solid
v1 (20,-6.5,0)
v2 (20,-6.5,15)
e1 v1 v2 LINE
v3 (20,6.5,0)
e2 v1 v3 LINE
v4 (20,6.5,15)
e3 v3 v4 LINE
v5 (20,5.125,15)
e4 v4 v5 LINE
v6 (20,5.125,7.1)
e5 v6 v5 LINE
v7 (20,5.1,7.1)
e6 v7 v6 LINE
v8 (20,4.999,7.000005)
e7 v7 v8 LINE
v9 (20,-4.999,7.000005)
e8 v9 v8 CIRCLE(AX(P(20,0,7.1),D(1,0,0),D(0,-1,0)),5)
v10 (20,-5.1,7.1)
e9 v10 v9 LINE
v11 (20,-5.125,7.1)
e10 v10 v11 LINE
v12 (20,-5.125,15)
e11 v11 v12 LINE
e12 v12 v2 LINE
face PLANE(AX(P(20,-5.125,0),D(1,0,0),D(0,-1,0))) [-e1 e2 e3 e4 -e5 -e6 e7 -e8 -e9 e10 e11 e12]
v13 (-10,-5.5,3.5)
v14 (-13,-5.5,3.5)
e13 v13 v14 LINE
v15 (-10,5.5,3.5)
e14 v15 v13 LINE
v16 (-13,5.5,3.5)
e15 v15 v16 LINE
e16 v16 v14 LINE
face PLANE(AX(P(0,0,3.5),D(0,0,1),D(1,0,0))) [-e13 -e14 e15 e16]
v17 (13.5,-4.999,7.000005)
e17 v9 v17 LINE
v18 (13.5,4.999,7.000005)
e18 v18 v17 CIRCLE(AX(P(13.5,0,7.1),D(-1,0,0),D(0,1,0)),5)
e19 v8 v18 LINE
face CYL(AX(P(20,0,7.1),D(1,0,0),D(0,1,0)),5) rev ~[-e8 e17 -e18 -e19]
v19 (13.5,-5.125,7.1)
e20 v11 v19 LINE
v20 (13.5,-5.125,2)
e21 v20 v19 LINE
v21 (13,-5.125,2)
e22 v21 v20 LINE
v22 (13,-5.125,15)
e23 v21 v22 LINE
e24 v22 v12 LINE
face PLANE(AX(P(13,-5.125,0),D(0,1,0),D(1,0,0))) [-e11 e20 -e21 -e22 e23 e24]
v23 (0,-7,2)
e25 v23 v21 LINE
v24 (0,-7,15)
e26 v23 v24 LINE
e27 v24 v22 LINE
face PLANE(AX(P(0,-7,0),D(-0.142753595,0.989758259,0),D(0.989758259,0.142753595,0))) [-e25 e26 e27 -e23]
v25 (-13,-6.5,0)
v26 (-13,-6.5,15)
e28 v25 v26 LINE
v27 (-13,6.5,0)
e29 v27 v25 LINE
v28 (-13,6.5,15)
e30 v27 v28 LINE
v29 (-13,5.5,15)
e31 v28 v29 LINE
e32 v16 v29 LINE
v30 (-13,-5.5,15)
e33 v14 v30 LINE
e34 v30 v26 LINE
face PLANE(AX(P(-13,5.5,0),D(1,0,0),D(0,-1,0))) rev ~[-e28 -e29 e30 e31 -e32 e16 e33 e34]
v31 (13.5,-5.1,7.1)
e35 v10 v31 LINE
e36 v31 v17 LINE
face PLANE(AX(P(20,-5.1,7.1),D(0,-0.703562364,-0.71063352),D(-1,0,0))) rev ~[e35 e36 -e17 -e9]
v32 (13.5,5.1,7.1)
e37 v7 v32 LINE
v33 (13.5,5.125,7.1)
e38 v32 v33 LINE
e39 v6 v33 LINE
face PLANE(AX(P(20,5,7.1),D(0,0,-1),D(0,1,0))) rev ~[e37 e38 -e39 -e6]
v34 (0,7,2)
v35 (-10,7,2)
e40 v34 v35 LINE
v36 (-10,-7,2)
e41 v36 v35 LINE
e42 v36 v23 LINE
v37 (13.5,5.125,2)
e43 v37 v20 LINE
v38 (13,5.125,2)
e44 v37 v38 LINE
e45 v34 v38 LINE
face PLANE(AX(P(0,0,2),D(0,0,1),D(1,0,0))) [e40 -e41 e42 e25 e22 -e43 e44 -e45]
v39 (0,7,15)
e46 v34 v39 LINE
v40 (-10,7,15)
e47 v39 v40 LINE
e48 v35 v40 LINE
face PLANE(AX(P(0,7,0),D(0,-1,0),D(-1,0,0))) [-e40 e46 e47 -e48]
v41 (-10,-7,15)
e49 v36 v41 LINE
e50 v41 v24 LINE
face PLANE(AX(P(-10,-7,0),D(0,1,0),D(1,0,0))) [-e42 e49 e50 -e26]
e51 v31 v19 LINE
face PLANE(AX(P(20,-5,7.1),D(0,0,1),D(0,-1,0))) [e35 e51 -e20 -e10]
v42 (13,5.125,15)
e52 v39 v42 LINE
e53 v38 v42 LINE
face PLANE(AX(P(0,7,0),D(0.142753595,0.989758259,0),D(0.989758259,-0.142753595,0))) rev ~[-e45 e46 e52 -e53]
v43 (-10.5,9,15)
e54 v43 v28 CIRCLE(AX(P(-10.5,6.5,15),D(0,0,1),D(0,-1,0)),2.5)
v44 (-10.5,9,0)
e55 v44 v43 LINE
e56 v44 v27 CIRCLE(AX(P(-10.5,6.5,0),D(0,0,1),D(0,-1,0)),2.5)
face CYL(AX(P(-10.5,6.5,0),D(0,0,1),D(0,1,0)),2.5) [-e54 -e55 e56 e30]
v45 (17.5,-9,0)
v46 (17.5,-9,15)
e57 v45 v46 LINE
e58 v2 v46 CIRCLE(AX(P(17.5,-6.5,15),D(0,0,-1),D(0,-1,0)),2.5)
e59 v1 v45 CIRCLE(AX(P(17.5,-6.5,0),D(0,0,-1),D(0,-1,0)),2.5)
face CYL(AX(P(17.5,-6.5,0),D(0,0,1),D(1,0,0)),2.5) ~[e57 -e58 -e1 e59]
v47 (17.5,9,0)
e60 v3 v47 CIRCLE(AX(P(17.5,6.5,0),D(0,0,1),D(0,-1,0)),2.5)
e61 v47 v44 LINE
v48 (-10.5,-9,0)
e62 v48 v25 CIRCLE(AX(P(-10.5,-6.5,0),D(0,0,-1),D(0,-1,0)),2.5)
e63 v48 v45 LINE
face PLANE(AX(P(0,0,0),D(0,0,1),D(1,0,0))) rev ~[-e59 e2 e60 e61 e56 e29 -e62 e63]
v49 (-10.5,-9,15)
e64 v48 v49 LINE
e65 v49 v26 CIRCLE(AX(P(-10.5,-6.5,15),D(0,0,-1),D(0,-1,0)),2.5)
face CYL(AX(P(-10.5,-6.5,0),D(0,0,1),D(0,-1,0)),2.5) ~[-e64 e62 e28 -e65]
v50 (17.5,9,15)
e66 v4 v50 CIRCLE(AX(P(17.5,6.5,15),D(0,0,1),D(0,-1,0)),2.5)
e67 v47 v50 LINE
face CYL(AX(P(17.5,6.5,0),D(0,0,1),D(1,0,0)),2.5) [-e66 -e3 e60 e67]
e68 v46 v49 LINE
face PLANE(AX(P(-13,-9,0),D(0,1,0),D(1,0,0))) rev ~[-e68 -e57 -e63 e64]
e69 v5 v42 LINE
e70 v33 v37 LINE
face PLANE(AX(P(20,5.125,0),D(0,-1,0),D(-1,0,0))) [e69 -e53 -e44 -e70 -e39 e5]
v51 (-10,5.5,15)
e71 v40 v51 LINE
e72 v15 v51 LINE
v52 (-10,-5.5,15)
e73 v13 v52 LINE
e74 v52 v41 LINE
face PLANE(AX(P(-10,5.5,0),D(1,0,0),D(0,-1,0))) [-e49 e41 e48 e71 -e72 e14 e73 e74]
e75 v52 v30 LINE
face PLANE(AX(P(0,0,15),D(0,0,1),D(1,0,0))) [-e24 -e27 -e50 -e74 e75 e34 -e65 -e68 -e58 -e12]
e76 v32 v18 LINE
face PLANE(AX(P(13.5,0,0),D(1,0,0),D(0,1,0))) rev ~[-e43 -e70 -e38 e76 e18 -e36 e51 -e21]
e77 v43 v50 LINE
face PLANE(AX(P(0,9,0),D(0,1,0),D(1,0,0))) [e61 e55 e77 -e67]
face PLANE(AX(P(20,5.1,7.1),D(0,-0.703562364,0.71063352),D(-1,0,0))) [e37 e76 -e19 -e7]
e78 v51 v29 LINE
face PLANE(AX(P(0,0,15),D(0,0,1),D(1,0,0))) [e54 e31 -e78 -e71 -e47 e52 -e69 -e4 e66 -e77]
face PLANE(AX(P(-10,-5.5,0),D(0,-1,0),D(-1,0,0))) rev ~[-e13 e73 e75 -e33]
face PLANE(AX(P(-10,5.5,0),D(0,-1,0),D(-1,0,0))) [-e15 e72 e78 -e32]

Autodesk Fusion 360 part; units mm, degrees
sketch "Sketch1" plane through (0, 0, 0) normal (0, 0, 1) x (1, 0, 0)
  line L0 (0, 0) -> (0, 7)
  line L1 (0, 0) -> (0, -7)
  line L2 (0, 0) -> (20, 0)
  line L3 (20, 0) -> (20, -5.125)
  line L4 (20, 0) -> (20, 5.125)
  line L5 (0, 0) -> (13, 0)
  line L6 (20, 5.125) -> (13, 5.125)
  line L7 (13, 5.125) -> (13, -5.125)
  line L8 (13, -5.125) -> (20, -5.125)
  line L9 (20, -5.125) -> (20, 5.125)
  line L10 (0, 7) -> (13, 5.125)
  line L11 (0, -7) -> (13, -5.125)
  line L12 (0, 7) -> (-10, 7)
  line L13 (-10, 7) -> (-10, -7)
  line L14 (-10, -7) -> (0, -7)
  line L15 (0, -7) -> (0, 7)
  line L16 (-10, 0) -> (-10, 5.5)
  line L17 (-10, 0) -> (-10, -5.5)
  line L18 (20, -9) -> (0, -9)
  line L19 (0, -9) -> (0, 9)
  line L20 (0, 9) -> (20, 9)
  line L21 (20, 9) -> (20, -9)
  line L22 (20, -9) -> (0, 9) construction
  line L23 (0, -9) -> (20, 9) construction
  line L24 (-13, -9) -> (13, -9)
  line L25 (13, -9) -> (13, 9)
  line L26 (13, 9) -> (-13, 9)
  line L27 (-13, 9) -> (-13, -9)
  line L28 (-13, -9) -> (13, 9) construction
  line L29 (13, -9) -> (-13, 9) construction
  line L30 (-10, 5.5) -> (-13, 5.5)
  line L31 (-10, -5.5) -> (-13, -5.5)
  point P0 (10, 0)
  dimension "d1" = 7
  dimension "d2" = 5.125
  dimension "d3" = 5.125
  dimension "d4" = 13
  dimension "d5" = 5.5
  dimension "d6" = 5.5
extrude "Extrude1" add sketch "Sketch1" along normal blind 15 contours L10 L19 L20 L25 L26 | L12 L13 L19 L26 L27 L30 | L13 L14 L19 L24 L27 L31 | L11 L18 L19 L24 L25 | L6 L20 L21 L25 | L8 L18 L21 L25 makes body 1 at (-2, -9, 5) makes body 2 at (9, 9, 5)
extrude "Extrude2" add sketch "Sketch1" along normal blind 2 contours L0 L1 L12 L13 L14 L15 L16 L17 L19 | L1 L2 L5 L7 L11 L15 L19 L25 | L0 L2 L5 L7 L10 L15 L19 L25 | L2 L4 L6 L7 L9 L21 L25 | L2 L3 L7 L8 L9 L21 L25 bodies 1 2
extrude "Extrude3" add sketch "Sketch1" along normal blind 3.5 contours L13 L16 L17 L27 L30 L31 bodies 1
sketch "Sketch2" plane through (20, 0, 0) normal (1, 0, 0) x (0, 1, 0)
  line L0 (-9, 0) -> (9, 0)
  line L1 (9, 0) -> (9, 15)
  line L2 (9, 15) -> (5.125, 15)
  line L3 (5.125, 15) -> (5.125, 2)
  line L4 (5.125, 2) -> (-5.125, 2)
  line L5 (-5.125, 2) -> (-5.125, 15)
  line L6 (-5.125, 15) -> (-9, 15)
  line L7 (-9, 15) -> (-9, 0)
  line L8 (0, 2) -> (0, 7.1)
  circle A0 centre (0, 7.1) radius 5
  line L9 (-5, 7.1) -> (-5.125, 7.1)
  line L10 (5, 7.1) -> (5.125, 7.1)
  dimension "d13" = 5.1
  dimension "d14" = 10
extrude "Extrude4" add sketch "Sketch2" against normal blind 6.5 contours L4 L5 L8 A0 L9 | L3 L4 L8 A0 L10 bodies 1
chamfer "Chamfer1" distance 0.1 angle 45 2 edges at (16.75, -5, 7.1) (16.75, 5, 7.1) on bodies 1
fillet "Fillet1" radius 2.5 4 edges at (-13, -9, 7.5) (20, -9, 7.5) (-13, 9, 7.5) (20, 9, 7.5) on bodies 1
